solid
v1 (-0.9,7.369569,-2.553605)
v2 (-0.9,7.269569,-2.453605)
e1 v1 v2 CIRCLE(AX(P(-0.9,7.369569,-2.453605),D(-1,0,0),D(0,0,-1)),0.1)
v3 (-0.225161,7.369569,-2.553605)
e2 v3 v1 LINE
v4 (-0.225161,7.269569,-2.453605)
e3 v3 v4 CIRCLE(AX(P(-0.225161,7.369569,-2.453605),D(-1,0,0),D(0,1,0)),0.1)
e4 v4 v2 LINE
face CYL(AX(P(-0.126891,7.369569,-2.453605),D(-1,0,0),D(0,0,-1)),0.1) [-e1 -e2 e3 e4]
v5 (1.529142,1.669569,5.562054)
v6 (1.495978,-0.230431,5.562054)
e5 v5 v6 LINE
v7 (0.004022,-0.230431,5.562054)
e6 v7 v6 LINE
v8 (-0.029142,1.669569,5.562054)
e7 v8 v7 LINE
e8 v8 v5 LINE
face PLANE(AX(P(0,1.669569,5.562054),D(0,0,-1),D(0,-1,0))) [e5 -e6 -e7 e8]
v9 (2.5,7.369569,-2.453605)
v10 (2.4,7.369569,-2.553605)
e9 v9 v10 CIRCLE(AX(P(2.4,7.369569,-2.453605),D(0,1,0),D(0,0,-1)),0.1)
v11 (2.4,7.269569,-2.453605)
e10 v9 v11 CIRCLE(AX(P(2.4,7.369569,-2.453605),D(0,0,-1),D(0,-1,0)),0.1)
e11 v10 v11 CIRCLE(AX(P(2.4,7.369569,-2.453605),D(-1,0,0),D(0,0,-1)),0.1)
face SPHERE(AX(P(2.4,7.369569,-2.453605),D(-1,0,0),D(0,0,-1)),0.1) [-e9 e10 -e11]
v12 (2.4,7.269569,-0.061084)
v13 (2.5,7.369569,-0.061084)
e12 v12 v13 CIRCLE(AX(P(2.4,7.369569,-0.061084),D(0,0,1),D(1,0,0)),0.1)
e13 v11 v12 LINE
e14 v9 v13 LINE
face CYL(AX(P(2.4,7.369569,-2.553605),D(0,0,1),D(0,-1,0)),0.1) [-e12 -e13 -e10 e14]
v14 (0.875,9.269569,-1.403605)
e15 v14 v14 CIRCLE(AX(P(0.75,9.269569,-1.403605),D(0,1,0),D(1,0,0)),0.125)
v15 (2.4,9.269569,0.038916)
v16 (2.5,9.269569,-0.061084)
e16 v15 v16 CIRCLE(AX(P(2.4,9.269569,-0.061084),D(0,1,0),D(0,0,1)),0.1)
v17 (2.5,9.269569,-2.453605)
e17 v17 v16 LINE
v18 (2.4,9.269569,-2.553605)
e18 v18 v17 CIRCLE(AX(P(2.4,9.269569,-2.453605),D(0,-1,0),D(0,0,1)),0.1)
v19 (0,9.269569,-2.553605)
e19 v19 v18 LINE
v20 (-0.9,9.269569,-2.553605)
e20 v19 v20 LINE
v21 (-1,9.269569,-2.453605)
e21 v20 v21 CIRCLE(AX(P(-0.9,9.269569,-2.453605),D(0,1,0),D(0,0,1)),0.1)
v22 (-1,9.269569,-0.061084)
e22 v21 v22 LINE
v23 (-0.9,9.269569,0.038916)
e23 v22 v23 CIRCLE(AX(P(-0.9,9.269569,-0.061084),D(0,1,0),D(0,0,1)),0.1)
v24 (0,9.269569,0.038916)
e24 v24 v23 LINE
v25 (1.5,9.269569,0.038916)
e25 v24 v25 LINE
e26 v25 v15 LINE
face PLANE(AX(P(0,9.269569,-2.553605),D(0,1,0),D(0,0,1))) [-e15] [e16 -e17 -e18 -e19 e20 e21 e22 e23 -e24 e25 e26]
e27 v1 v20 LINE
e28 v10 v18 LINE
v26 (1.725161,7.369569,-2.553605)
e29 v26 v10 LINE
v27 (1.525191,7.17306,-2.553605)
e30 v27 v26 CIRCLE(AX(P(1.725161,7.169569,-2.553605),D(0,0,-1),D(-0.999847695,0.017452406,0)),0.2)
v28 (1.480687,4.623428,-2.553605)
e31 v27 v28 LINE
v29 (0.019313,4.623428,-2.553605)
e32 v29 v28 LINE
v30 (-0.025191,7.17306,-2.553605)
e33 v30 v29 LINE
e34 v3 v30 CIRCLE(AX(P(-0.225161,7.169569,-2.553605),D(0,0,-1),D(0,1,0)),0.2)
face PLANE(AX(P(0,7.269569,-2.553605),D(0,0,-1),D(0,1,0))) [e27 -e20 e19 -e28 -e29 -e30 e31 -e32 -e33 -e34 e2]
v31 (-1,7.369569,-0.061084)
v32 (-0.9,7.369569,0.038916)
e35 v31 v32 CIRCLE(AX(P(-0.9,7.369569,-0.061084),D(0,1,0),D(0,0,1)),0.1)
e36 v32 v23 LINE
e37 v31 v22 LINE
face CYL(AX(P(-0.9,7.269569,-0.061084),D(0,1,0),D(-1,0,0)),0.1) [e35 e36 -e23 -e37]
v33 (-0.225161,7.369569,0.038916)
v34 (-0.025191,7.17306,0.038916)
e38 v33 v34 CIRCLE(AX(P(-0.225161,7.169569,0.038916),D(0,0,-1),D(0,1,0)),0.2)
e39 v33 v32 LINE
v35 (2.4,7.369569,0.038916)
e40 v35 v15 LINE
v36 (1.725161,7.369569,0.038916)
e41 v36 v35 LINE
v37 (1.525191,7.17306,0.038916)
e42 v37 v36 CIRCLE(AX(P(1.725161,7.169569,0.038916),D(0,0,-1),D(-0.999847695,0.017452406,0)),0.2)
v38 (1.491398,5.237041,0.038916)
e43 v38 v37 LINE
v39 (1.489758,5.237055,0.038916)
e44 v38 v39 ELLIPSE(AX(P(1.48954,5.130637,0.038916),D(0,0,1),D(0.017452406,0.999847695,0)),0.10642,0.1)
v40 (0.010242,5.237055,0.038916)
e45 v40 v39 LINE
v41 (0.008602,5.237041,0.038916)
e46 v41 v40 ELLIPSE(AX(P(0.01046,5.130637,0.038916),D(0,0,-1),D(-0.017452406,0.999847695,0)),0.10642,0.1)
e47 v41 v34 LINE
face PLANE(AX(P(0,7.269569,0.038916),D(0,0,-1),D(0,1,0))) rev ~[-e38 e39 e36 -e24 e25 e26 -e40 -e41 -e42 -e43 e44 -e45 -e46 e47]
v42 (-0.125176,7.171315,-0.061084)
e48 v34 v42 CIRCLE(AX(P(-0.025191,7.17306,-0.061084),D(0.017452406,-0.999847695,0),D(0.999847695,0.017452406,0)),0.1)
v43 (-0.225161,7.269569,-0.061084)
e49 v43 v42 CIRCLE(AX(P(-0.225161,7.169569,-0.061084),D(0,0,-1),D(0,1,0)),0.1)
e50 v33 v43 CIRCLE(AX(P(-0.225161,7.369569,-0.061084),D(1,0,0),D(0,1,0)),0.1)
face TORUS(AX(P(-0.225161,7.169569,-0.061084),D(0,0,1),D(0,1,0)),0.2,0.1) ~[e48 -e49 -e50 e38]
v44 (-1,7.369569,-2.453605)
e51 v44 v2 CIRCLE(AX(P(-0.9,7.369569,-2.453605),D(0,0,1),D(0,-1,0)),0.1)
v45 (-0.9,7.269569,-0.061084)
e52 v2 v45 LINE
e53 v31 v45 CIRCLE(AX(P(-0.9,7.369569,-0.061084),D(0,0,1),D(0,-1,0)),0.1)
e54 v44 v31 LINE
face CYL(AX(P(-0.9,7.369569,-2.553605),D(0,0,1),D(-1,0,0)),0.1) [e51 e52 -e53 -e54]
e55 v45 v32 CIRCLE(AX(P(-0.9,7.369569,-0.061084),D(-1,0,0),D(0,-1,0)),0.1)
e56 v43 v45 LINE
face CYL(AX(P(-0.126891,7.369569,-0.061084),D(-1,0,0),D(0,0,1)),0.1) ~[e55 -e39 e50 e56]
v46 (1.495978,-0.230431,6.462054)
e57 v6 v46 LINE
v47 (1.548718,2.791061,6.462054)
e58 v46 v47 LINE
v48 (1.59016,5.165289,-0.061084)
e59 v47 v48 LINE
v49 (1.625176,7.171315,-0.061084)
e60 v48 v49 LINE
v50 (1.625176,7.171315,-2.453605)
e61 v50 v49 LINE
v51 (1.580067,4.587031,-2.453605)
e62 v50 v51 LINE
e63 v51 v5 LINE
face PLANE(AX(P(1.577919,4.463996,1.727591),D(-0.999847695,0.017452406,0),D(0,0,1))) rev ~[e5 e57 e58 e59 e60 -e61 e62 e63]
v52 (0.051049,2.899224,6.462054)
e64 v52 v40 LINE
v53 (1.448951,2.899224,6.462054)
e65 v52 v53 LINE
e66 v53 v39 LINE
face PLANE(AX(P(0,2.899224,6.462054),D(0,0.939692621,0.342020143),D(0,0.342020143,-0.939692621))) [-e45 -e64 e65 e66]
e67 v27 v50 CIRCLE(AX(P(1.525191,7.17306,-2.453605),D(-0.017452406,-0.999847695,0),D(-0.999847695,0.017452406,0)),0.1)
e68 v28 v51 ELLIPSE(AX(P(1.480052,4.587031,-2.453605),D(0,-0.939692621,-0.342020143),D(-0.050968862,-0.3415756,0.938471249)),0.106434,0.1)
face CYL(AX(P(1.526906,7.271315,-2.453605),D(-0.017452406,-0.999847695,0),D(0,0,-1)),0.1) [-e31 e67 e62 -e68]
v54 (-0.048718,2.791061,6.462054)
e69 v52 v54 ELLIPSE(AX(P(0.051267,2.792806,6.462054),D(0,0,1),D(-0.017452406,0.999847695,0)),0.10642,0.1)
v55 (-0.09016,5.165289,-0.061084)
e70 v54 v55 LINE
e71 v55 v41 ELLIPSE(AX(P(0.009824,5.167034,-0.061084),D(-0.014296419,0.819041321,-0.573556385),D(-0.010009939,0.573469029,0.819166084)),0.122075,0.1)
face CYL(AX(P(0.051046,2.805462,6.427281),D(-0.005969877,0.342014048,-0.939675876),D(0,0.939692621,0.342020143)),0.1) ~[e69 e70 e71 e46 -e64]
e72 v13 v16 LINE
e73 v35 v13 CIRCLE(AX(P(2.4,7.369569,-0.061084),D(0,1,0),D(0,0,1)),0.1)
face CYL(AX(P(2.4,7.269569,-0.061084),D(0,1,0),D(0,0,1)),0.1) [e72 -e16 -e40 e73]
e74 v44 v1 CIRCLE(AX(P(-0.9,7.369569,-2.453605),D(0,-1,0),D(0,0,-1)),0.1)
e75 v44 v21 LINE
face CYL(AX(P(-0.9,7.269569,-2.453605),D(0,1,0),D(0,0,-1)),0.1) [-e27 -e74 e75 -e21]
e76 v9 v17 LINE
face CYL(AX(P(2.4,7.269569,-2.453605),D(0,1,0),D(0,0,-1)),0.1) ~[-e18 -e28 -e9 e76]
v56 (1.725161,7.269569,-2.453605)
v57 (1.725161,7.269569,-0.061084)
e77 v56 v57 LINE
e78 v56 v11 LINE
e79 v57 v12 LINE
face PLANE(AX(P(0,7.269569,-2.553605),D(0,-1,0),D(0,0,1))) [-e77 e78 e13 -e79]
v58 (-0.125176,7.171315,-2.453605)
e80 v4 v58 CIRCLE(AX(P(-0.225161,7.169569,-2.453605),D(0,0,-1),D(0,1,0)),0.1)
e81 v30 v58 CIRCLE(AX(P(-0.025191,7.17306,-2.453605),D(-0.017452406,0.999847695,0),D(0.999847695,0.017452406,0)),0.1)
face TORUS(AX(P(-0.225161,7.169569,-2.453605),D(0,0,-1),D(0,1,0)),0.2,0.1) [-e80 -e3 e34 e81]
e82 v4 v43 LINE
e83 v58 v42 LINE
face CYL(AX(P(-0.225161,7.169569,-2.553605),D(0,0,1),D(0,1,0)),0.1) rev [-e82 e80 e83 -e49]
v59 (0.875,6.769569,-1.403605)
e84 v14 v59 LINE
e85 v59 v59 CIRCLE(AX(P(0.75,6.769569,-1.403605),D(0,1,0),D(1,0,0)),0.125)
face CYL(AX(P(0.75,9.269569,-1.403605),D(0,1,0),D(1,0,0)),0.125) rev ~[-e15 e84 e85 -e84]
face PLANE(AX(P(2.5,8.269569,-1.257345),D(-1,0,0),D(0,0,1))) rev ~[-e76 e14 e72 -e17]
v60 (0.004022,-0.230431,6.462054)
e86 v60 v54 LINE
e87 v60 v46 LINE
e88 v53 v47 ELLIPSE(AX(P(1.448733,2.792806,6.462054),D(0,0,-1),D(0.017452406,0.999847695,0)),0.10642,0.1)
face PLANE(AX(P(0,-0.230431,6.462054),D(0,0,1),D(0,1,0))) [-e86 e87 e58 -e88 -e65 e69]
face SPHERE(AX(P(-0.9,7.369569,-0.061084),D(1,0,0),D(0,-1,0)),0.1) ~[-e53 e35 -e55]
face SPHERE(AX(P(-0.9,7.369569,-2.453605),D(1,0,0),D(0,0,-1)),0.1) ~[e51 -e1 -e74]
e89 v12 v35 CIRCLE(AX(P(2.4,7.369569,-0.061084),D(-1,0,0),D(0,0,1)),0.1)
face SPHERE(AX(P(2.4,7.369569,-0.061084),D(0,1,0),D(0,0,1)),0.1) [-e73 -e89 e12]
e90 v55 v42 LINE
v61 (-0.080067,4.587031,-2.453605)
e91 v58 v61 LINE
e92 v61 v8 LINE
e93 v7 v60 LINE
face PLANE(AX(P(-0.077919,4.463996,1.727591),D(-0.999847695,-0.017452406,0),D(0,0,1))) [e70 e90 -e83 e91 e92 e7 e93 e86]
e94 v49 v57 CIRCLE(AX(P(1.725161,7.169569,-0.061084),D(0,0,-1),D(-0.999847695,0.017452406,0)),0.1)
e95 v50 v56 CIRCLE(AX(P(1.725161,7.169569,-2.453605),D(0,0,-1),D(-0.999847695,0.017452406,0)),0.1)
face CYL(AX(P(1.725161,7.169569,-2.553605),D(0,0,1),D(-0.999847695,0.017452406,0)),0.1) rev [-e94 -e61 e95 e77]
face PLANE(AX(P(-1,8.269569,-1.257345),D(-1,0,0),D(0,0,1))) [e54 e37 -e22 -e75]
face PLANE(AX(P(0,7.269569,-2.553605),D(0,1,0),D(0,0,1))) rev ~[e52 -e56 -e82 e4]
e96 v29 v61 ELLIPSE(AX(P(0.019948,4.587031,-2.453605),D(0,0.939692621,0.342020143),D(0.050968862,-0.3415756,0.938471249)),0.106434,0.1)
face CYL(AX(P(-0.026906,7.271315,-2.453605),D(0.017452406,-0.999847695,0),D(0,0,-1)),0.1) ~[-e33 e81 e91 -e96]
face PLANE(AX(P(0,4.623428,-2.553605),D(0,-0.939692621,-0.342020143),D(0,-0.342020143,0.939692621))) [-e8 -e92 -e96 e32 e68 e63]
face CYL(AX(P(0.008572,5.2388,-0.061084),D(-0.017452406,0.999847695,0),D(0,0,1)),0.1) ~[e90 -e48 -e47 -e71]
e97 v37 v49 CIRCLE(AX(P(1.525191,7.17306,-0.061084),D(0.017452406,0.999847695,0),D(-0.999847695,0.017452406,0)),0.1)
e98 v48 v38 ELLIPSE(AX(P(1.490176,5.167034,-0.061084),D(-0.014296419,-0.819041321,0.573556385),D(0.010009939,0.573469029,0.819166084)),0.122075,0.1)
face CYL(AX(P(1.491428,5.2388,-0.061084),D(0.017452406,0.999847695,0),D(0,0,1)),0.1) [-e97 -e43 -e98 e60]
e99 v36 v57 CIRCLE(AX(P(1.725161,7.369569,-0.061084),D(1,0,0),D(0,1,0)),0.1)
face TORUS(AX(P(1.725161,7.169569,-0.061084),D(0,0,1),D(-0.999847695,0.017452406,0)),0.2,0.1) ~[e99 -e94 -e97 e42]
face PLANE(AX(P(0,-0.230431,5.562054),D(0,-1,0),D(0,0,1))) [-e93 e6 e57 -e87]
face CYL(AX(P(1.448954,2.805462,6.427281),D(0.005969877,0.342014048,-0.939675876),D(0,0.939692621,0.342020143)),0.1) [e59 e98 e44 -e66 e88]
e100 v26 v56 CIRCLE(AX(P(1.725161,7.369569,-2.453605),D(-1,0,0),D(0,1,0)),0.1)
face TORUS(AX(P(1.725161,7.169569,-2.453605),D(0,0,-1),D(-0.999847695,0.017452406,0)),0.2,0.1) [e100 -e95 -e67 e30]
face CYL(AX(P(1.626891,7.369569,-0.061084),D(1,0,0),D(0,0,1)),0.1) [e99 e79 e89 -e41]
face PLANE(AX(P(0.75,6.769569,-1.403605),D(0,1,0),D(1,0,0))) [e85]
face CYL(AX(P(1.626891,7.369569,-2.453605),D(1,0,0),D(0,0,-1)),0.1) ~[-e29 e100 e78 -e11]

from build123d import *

# Parameters (mm, degrees)
BOSS_EXTRUDE1_DEPTH      = 1.5
SKETCH5_W                = 2.592520813
SKETCH5_H                = 2
BOSS_EXTRUDE2_DEPTH      = 1
BOSS_EXTRUDE2_DEPTH_BACK = 2.5
DRAFT1_ANGLE             = -1
FILLET1_R                = 0.1
SKETCH6_R                = 0.125
CUT_EXTRUDE1_DEPTH       = 2.5


with BuildPart() as part:
    # Sketch1 → Boss-Extrude1 (new body)
    with BuildSketch(Plane(origin=(0, 0, 0), x_dir=(0, 0, -1), z_dir=(1, 0, 0))):
        Polygon((-5.56205373, 1.669569419), (-5.56205373, -0.230430581), (-6.46205373, -0.230430581), (-6.46205373, 2.899223958), (-0.03891584, 5.23705496), (-0.03891584, 9.269569419), (2.553604973, 9.269569419), (2.553604973, 4.623427618), align=None)
    extrude(amount=BOSS_EXTRUDE1_DEPTH)

    # Sketch5 → Boss-Extrude2 (add, two sides)
    with BuildSketch(Plane.ZY) as boss_extrude2_sk:
        with Locations((-1.257344567, 8.269569419)):
            Rectangle(SKETCH5_W, SKETCH5_H)
    extrude(amount=BOSS_EXTRUDE2_DEPTH)
    extrude(boss_extrude2_sk.sketch, amount=-BOSS_EXTRUDE2_DEPTH_BACK)

    # Draft1
    draft1_faces = [part.faces().sort_by_distance(p)[0] for p in [
        (1.5, 4.069973974, 1.641347483),
        (0, 4.069973974, 1.641347483),
    ]]
    draft(draft1_faces, Plane.ZX, DRAFT1_ANGLE)

    # Fillet1
    fillet1_edges = [part.edges().sort_by_distance(p)[0] for p in [
        (-0.10915197, 6.253312189, 0.03891584),
        (-0.071009638, 4.068139459, 3.250484785),
        (1.603796518, 5.946498518, -2.553604973),
        (-0.126890806, 7.269569419, -1.257344566),
        (-0.563445403, 7.269569419, -2.553604973),
        (-0.563445403, 7.269569419, 0.03891584),
        (2.063445403, 7.269569419, -2.553604973),
        (2.5, 8.269569419, -2.553604973),
        (2.5, 8.269569419, 0.03891584),
        (2.063445403, 7.269569419, 0.03891584),
        (1.626890806, 7.269569419, -1.257344566),
        (2.5, 7.269569419, -1.257344566),
        (-1, 8.269569419, -2.553604973),
        (-1, 7.269569419, -1.257344566),
        (-1, 8.269569419, 0.03891584),
        (1.571009638, 4.068139459, 3.250484785),
        (1.60915197, 6.253312189, 0.03891584),
        (-0.103796518, 5.946498518, -2.553604973),
    ]]
    fillet(fillet1_edges, radius=FILLET1_R)

    # Sketch6 → Cut-Extrude1 (cut)
    with BuildSketch(Plane(origin=(0, 9.269569419, 0), x_dir=(1, 0, 0), z_dir=(0, 1, 0))):
        with Locations((0.75, 1.403604973)):
            Circle(SKETCH6_R)
    extrude(amount=-CUT_EXTRUDE1_DEPTH, mode=Mode.SUBTRACT)


solid = part.part
